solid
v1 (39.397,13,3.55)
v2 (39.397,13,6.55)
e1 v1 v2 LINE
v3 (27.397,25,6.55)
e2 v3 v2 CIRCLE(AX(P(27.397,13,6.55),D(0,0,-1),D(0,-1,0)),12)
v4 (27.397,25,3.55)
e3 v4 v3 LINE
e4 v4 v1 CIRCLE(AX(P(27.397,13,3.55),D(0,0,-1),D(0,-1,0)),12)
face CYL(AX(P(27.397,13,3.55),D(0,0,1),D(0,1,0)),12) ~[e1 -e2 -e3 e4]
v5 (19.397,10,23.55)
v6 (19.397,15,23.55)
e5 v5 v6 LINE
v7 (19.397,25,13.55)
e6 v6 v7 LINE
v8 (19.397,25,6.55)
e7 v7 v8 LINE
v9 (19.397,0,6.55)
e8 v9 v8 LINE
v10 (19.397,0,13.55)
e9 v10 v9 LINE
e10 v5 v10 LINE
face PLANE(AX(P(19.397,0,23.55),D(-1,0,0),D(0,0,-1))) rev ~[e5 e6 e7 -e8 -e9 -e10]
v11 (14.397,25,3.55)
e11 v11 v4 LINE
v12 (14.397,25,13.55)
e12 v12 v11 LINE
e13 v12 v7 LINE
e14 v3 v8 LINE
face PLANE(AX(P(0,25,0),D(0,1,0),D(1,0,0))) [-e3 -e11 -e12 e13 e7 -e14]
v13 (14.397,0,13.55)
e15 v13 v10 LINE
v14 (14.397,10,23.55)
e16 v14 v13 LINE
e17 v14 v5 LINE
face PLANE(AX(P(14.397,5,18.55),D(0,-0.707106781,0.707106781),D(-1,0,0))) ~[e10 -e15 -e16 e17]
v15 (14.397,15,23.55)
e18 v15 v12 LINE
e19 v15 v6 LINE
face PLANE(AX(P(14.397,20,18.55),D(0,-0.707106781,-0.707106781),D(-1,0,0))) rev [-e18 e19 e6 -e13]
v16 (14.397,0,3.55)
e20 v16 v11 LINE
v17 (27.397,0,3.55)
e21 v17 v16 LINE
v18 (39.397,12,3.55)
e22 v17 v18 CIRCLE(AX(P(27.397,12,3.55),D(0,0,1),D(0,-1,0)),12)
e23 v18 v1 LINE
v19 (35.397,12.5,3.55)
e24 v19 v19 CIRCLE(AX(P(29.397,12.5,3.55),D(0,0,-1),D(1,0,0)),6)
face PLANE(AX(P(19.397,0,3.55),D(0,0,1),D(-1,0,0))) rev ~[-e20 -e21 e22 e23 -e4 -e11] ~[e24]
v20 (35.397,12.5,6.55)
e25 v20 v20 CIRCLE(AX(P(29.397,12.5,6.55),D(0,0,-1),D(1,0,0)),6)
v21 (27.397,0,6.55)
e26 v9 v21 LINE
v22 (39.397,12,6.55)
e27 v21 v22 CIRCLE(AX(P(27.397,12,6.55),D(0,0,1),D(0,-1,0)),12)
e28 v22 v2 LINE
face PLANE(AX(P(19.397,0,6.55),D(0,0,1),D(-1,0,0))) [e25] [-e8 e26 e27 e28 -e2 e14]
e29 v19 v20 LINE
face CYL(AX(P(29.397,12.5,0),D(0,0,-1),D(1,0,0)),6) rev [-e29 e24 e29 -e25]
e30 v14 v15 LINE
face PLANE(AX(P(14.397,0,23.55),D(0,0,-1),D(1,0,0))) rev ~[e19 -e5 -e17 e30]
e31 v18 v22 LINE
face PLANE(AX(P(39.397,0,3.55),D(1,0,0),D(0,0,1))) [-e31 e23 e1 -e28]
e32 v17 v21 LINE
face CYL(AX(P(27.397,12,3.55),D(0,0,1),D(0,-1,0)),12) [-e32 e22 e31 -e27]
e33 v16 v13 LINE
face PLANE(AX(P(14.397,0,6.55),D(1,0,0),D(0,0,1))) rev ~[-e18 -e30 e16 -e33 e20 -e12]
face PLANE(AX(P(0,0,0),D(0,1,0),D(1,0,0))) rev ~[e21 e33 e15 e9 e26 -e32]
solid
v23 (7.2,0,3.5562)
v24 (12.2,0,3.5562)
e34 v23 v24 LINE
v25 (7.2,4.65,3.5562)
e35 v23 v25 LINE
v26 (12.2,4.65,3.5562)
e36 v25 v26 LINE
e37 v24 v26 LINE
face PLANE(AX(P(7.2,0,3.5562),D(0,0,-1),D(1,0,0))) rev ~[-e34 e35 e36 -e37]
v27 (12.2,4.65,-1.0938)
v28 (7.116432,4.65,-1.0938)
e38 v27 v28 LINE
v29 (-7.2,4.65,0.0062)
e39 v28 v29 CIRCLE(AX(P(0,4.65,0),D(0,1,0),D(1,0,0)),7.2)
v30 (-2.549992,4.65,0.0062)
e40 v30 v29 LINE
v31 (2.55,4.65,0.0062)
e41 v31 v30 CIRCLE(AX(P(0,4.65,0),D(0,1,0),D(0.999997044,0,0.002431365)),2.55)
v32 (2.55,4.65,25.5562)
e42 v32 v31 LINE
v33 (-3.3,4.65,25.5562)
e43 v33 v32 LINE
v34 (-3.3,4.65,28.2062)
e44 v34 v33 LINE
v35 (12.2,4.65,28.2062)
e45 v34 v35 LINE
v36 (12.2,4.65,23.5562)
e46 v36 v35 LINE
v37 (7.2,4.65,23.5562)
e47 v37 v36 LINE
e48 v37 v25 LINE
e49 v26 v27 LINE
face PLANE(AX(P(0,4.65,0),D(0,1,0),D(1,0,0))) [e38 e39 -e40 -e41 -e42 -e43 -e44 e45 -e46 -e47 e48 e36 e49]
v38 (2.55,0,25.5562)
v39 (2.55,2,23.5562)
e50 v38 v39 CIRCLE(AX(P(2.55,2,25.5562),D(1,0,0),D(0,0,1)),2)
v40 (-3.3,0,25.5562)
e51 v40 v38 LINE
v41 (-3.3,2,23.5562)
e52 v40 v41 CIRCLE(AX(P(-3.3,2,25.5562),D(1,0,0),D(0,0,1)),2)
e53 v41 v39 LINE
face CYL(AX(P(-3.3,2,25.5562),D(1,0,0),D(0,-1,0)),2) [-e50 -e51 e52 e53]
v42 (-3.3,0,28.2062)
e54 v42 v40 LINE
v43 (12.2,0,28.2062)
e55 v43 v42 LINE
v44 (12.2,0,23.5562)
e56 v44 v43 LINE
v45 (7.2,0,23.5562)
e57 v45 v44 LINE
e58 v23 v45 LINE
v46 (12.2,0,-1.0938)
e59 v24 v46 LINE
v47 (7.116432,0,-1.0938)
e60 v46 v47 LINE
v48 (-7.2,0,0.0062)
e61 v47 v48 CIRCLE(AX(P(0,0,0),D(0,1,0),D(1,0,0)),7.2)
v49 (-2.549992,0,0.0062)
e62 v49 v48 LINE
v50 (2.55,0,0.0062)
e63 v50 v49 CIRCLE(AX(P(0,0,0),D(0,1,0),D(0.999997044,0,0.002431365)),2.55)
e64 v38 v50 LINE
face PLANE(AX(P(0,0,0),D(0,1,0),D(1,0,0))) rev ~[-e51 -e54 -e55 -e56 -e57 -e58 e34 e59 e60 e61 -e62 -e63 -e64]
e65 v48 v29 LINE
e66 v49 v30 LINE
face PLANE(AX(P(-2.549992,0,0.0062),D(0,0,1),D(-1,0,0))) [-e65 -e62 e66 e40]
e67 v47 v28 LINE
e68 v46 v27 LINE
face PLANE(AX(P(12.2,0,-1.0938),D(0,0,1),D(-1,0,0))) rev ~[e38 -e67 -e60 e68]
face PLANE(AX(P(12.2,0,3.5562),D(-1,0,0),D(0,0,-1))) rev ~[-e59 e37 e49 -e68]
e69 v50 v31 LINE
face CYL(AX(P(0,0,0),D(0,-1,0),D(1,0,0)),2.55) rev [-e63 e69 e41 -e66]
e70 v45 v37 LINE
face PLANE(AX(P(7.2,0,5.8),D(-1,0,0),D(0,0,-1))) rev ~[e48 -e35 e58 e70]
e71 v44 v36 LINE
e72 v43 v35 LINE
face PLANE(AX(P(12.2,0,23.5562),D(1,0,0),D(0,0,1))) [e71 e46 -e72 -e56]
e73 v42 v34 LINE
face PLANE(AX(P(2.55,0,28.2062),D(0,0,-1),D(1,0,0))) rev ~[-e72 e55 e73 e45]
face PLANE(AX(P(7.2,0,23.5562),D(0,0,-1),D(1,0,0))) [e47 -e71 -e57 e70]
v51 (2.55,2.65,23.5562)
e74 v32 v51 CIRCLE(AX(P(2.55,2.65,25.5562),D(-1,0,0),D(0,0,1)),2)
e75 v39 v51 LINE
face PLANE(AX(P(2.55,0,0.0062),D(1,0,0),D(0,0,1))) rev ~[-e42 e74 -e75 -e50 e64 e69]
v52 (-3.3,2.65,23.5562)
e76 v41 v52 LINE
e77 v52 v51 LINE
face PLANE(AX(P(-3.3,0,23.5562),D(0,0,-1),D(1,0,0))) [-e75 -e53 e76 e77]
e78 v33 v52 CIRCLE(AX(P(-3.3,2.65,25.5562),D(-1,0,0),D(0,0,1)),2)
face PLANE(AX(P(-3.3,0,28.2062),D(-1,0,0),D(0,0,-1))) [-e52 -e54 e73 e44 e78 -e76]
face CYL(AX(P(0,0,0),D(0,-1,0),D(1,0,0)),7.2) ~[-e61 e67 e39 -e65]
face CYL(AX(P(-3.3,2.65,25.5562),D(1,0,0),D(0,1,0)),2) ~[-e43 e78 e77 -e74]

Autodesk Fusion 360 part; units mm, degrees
sketch "Sketch1" plane through (0, 0, 0) normal (0, 1, 0) x (1, 0, 0)
  circle A0 centre (0, 0) radius 7.2
  circle A1 centre (0, 0) radius 2.55
  line L0 (7.2, -0.0062) -> (2.55, -0.0062)
  line L1 (2.55, -0.0062) -> (2.55, -28.2062)
  line L2 (2.55, -28.2062) -> (7.2, -28.2062)
  line L3 (7.2, -28.2062) -> (7.2, -0.0062)
  line L4 (7.2, -28.2062) -> (-3.3, -28.2062)
  line L5 (-3.3, -28.2062) -> (-3.3, -23.5562)
  line L6 (-3.3, -23.5562) -> (7.2, -23.5562)
  line L7 (7.2, -23.5562) -> (7.2, -28.2062)
  line L8 (2.55, -0.0062) -> (-7.2, -0.0062)
  line L9 (7.2, -5.8) -> (7.2, -1.15)
  line L10 (7.2, -23.5562) -> (12.2, -23.5562)
  line L11 (12.2, -23.5562) -> (12.2, -28.2062)
  line L12 (12.2, -28.2062) -> (7.2, -28.2062)
  line L13 (7.2, -28.2062) -> (7.2, -23.5562)
  line L14 (7, -3.5562) -> (12.2, -3.5562)
  line L15 (12.2, -3.5562) -> (12.2, 1.0938)
  line L16 (12.2, 1.0938) -> (7, 1.0938)
  line L17 (7, 1.0938) -> (7, -3.5562)
  dimension "d1" = 14.4
  dimension "d2" = 5.1
  dimension "d3" = 4.65
  dimension "d4" = 28.2
  dimension "d5" = 10.5
  dimension "d21" = 5
  dimension "d37" = 5.2
  dimension "d38" = 4.65
  dimension "d39" = 20
extrude "Extrude1" add sketch "Sketch1" along normal blind 4.65 contours A0 L0 L16 L17 | A0 L3 L9 L14 L17 | A0 L0 L17 | A0 L3 L9 L14 L15 L16 | A0 L1 L3 L6 L9 L14 L17 | A0 L0 L1 L17 | A0 A1 L0 L8 L16 L17 | L1 L2 L3 L4 L6 L7 L13 | L1 L4 L5 L6 | L3 L7 L10 L11 L12 L13 makes body 1
fillet "Fillet3" radius 2 2 edges at (-0.375, 4.65, 23.5562) (-0.375, 0, 23.5562) on bodies 1
sketch "Sketch2" plane through (0, 0, 0) normal (0, 1, 0) x (1, 0, 0)
  line L0 (14.397, -23.55) -> (19.397, -23.55)
  line L1 (19.397, -23.55) -> (19.397, -3.55)
  line L2 (19.397, -3.55) -> (14.397, -3.55)
  line L3 (14.397, -3.55) -> (14.397, -23.55)
  line L4 (14.397, -3.55) -> (39.397, -3.55)
  line L5 (39.397, -3.55) -> (39.397, -6.55)
  line L6 (39.397, -6.55) -> (14.397, -6.55)
  line L7 (14.397, -6.55) -> (14.397, -3.55)
  dimension "d22" = 5
  dimension "d23" = 20
  dimension "d24" = 25
  dimension "d25" = 3
extrude "Extrude2" add sketch "Sketch2" along normal blind 25 separate body contours L1 L2 L3 L4 L6 L7 | L1 L4 L5 L6 makes body 2
extrude "Extrude3" add sketch "Sketch2" along normal blind 25 contours L0 L1 L3 L6 bodies 2
sketch "Sketch3" plane through (0, 0, 0) normal (0, 0, 1) x (1, 0, 0)
  circle A0 centre (29.397, 12.5) radius 6
  line L0 (19.397, 25) -> (39.397, 25)
  dimension "d31" = 12
extrude "Extrude4" cut sketch "Sketch3" along normal blind 13 bodies 2
chamfer "Chamfer1" distance 10 angle 45 2 edges at (16.897, 25, 23.55) (16.897, 0, 23.55) on bodies 2
fillet "Fillet5" radius 12 2 edges at (39.397, 0, 5.05) (39.397, 25, 5.05) on bodies 2
